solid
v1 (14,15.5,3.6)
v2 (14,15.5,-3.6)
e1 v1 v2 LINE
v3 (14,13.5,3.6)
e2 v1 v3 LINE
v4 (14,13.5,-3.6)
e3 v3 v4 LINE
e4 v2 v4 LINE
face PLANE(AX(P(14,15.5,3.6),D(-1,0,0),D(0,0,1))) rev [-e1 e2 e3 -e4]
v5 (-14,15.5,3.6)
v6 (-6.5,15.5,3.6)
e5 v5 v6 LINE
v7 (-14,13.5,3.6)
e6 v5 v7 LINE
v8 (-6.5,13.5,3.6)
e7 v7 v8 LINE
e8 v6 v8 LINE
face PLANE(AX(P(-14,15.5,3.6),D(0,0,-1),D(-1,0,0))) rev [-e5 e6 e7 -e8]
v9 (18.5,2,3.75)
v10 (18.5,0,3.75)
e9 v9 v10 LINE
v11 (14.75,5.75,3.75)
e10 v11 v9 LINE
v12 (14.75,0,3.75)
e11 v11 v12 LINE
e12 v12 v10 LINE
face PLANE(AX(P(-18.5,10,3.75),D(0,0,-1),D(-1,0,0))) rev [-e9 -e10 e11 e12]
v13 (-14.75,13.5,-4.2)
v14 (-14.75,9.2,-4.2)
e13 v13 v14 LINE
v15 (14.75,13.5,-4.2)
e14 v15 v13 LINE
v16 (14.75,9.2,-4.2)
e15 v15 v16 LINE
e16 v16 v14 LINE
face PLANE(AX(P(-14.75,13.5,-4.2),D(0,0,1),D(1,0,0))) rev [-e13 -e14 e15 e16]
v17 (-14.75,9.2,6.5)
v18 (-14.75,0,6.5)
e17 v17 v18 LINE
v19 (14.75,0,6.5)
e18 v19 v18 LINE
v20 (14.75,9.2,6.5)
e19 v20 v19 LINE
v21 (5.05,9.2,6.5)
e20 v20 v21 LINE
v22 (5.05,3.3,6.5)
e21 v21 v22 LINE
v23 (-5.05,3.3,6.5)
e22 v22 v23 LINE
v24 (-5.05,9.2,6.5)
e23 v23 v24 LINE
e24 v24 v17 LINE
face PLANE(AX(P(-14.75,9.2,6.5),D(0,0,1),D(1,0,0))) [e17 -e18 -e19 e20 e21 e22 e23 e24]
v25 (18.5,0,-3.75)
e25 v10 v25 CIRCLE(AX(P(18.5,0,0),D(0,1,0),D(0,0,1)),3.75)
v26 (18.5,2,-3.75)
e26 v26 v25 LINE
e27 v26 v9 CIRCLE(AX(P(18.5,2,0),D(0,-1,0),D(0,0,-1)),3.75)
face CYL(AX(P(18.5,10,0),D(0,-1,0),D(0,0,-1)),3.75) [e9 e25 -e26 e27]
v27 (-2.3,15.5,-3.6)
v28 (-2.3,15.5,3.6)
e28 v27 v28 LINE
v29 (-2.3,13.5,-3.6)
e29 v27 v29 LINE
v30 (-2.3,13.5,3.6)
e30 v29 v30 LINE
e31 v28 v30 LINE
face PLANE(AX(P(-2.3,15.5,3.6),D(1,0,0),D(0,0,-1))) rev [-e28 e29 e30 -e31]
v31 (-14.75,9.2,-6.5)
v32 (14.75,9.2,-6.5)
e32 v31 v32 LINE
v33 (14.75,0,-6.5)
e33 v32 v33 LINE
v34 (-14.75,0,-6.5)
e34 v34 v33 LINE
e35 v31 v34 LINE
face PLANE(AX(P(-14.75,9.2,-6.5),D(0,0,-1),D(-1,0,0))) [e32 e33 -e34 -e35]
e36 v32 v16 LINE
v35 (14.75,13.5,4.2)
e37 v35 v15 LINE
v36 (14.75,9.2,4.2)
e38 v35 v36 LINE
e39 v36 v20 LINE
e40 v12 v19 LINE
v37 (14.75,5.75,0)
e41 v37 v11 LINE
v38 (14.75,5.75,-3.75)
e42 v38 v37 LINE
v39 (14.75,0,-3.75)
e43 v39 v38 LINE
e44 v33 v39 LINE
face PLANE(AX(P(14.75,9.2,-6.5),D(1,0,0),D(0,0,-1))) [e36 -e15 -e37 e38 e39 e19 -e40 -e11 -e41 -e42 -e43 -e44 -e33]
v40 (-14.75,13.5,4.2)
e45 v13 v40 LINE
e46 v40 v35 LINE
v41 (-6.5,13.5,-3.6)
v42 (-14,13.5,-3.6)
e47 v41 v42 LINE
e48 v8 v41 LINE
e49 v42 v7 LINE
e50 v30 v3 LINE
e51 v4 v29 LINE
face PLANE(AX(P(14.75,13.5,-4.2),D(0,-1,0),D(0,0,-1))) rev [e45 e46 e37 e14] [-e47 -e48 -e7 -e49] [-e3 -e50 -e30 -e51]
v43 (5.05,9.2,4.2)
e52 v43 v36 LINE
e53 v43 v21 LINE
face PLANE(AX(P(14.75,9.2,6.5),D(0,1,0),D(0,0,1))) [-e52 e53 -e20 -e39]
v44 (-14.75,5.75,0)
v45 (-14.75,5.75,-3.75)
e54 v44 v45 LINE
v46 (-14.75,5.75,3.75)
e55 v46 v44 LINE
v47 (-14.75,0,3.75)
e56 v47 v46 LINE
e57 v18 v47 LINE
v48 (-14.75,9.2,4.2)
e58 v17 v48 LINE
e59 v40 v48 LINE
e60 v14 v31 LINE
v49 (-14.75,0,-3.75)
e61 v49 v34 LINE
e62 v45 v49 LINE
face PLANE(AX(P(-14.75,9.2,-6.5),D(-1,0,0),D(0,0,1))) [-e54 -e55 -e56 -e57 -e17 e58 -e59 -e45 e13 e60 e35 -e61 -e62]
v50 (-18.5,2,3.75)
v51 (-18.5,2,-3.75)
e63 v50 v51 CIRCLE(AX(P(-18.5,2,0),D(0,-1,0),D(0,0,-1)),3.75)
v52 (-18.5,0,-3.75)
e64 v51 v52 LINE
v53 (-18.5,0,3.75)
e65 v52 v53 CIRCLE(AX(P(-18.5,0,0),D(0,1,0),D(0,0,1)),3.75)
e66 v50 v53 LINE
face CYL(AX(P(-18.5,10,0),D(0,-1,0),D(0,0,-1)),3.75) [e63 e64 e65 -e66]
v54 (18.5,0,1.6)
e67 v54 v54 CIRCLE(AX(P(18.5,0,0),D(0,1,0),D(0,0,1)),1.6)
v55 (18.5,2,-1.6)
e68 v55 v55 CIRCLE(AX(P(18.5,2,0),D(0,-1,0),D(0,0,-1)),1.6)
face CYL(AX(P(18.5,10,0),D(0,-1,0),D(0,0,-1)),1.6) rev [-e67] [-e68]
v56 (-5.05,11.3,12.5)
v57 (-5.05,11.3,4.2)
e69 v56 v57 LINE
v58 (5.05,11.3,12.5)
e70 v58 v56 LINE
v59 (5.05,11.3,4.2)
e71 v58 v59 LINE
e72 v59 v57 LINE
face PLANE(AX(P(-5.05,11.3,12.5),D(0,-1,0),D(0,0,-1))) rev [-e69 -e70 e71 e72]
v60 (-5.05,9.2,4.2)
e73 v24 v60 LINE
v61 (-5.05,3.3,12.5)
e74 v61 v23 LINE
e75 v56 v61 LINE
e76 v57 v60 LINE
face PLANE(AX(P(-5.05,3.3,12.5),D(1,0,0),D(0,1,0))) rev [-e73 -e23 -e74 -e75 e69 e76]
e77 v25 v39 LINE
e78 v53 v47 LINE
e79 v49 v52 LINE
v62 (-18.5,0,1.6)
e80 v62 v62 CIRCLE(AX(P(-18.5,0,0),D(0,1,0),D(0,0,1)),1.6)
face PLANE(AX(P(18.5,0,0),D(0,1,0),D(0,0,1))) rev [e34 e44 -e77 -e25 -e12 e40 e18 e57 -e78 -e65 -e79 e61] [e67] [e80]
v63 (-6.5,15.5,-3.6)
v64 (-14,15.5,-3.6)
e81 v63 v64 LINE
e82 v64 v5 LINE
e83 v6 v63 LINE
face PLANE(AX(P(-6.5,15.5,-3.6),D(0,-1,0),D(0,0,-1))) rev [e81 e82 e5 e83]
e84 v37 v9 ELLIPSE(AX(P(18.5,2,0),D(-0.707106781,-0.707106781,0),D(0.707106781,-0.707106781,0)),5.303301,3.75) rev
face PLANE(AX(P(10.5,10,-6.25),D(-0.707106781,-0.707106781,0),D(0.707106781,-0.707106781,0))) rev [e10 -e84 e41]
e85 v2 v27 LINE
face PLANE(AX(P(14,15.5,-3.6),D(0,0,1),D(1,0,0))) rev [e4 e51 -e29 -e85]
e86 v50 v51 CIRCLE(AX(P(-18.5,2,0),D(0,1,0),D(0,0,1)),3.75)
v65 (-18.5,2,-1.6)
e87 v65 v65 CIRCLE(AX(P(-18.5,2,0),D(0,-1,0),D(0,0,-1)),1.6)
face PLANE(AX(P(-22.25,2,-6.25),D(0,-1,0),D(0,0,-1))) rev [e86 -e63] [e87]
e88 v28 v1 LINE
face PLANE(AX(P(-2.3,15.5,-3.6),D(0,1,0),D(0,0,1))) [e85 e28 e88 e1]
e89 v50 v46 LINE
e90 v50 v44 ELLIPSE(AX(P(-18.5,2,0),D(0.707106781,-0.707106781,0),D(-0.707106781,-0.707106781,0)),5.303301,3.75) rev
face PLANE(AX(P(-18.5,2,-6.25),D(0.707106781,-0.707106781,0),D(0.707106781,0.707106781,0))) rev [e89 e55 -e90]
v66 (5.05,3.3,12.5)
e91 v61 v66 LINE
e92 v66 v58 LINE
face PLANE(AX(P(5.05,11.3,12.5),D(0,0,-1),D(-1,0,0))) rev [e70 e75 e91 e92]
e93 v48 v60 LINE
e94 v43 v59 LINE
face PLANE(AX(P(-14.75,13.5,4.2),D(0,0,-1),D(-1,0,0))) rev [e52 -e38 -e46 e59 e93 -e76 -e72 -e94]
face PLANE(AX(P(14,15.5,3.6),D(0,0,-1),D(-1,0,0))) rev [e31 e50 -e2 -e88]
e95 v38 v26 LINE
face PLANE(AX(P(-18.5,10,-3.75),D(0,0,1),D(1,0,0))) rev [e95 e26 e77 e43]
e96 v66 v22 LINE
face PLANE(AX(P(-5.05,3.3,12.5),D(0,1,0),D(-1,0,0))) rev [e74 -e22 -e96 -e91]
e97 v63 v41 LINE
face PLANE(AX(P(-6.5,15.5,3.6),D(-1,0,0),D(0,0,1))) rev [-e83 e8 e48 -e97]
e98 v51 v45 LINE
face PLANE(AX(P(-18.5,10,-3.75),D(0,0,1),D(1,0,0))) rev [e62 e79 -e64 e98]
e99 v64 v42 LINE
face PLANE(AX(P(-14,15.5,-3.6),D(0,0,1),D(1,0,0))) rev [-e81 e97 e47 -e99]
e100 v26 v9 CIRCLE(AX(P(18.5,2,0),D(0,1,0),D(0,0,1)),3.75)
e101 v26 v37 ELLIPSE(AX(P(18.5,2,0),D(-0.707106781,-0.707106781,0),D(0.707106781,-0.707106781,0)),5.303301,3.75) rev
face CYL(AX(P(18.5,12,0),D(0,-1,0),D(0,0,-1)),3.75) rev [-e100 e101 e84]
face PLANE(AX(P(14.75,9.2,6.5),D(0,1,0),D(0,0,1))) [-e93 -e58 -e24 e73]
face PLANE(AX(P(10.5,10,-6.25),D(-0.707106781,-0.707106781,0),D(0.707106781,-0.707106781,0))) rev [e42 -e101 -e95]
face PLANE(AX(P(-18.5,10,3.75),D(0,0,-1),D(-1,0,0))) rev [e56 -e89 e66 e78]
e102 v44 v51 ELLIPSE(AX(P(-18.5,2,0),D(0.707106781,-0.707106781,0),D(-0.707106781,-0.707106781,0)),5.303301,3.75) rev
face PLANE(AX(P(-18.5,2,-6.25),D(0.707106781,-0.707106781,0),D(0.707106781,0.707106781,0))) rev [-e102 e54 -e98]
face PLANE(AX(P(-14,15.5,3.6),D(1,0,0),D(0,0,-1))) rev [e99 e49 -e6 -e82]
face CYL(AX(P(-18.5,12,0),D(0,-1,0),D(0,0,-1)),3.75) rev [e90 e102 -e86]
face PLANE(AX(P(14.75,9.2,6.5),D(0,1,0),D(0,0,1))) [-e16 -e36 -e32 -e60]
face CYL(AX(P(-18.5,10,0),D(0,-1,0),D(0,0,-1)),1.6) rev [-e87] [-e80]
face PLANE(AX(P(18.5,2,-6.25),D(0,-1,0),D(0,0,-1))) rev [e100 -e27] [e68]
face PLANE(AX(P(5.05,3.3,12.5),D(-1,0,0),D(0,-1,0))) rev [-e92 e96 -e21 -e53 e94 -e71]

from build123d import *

# Parameters (mm, degrees)
SKETCH1_R      = 1.6
EXTRUDE1_DEPTH = 10
EXTRUDE2_DEPTH = 10
SKETCH3_R      = 3.75
EXTRUDE3_DEPTH = 10
SKETCH4_W      = 29.5
SKETCH4_H      = 13
EXTRUDE4_DEPTH = 9.2
SKETCH5_W      = 29.5
SKETCH5_H      = 8.4
EXTRUDE5_DEPTH = 4.3
SKETCH6_W      = 7.5
SKETCH6_H      = 7.2
SKETCH6_W_2    = 16.3
EXTRUDE6_DEPTH = 2
SKETCH7_W      = 10.1
SKETCH7_H      = 8
EXTRUDE7_DEPTH = 12.5


with BuildPart() as part:
    # Sketch1 → Extrude1 (new body)
    with BuildSketch(Plane(origin=(0, 0, 0), x_dir=(1, 0, 0), z_dir=(0, 1, 0))):
        with BuildLine():
            Line((-18.5, -3.75), (18.5, -3.75))
            ThreePointArc((18.5, -3.75), (22.25, 0), (18.5, 3.75))
            Line((18.5, 3.75), (-18.5, 3.75))
            ThreePointArc((-18.5, 3.75), (-22.25, 0), (-18.5, -3.75))
        make_face()
        with Locations(Location((18.5, 0, 0), (0, 0, 270))):
            Circle(SKETCH1_R, mode=Mode.SUBTRACT)
        with Locations(Location((-18.5, 0, 0), (0, 0, 270))):
            Circle(SKETCH1_R, mode=Mode.SUBTRACT)
    extrude(amount=EXTRUDE1_DEPTH)

    # Sketch2 → Extrude2 (cut)
    with BuildSketch(Plane.XY.offset(3.75)):
        Polygon((-22.25, 2), (-18.5, 2), (-10.5, 10), (10.5, 10), (18.5, 2), (22.25, 2), (22.25, 12), (-22.25, 12), align=None)
    extrude(amount=-EXTRUDE2_DEPTH, mode=Mode.SUBTRACT)

    # Sketch3 → Extrude3 (cut)
    with BuildSketch(Plane(origin=(0, 2, 0), x_dir=(1, 0, 0), z_dir=(0, 1, 0))):
        with Locations((-18.5, 0)):
            Circle(SKETCH3_R)
        with Locations((18.5, 0)):
            Circle(SKETCH3_R)
    extrude(amount=EXTRUDE3_DEPTH, mode=Mode.SUBTRACT)

    # Sketch4 → Extrude4 (add)
    with BuildSketch(Plane.XZ):
        Rectangle(SKETCH4_W, SKETCH4_H)
    extrude(amount=-EXTRUDE4_DEPTH)

    # Sketch5 → Extrude5 (add)
    with BuildSketch(Plane(origin=(0, 9.2, 0), x_dir=(1, 0, 0), z_dir=(0, 1, 0))):
        Rectangle(SKETCH5_W, SKETCH5_H)
    extrude(amount=EXTRUDE5_DEPTH)

    # Sketch6 → Extrude6 (add)
    with BuildSketch(Plane(origin=(0, 13.5, 0), x_dir=(1, 0, 0), z_dir=(0, 1, 0))):
        with Locations((-10.25, 0)):
            Rectangle(SKETCH6_W, SKETCH6_H)
        with Locations((5.85, 0)):
            Rectangle(SKETCH6_W_2, SKETCH6_H)
    extrude(amount=EXTRUDE6_DEPTH)

    # Sketch7 → Extrude7 (add)
    with BuildSketch(Plane.XY):
        with Locations((0, 7.3)):
            Rectangle(SKETCH7_W, SKETCH7_H)
    extrude(amount=EXTRUDE7_DEPTH)


solid = part.part
